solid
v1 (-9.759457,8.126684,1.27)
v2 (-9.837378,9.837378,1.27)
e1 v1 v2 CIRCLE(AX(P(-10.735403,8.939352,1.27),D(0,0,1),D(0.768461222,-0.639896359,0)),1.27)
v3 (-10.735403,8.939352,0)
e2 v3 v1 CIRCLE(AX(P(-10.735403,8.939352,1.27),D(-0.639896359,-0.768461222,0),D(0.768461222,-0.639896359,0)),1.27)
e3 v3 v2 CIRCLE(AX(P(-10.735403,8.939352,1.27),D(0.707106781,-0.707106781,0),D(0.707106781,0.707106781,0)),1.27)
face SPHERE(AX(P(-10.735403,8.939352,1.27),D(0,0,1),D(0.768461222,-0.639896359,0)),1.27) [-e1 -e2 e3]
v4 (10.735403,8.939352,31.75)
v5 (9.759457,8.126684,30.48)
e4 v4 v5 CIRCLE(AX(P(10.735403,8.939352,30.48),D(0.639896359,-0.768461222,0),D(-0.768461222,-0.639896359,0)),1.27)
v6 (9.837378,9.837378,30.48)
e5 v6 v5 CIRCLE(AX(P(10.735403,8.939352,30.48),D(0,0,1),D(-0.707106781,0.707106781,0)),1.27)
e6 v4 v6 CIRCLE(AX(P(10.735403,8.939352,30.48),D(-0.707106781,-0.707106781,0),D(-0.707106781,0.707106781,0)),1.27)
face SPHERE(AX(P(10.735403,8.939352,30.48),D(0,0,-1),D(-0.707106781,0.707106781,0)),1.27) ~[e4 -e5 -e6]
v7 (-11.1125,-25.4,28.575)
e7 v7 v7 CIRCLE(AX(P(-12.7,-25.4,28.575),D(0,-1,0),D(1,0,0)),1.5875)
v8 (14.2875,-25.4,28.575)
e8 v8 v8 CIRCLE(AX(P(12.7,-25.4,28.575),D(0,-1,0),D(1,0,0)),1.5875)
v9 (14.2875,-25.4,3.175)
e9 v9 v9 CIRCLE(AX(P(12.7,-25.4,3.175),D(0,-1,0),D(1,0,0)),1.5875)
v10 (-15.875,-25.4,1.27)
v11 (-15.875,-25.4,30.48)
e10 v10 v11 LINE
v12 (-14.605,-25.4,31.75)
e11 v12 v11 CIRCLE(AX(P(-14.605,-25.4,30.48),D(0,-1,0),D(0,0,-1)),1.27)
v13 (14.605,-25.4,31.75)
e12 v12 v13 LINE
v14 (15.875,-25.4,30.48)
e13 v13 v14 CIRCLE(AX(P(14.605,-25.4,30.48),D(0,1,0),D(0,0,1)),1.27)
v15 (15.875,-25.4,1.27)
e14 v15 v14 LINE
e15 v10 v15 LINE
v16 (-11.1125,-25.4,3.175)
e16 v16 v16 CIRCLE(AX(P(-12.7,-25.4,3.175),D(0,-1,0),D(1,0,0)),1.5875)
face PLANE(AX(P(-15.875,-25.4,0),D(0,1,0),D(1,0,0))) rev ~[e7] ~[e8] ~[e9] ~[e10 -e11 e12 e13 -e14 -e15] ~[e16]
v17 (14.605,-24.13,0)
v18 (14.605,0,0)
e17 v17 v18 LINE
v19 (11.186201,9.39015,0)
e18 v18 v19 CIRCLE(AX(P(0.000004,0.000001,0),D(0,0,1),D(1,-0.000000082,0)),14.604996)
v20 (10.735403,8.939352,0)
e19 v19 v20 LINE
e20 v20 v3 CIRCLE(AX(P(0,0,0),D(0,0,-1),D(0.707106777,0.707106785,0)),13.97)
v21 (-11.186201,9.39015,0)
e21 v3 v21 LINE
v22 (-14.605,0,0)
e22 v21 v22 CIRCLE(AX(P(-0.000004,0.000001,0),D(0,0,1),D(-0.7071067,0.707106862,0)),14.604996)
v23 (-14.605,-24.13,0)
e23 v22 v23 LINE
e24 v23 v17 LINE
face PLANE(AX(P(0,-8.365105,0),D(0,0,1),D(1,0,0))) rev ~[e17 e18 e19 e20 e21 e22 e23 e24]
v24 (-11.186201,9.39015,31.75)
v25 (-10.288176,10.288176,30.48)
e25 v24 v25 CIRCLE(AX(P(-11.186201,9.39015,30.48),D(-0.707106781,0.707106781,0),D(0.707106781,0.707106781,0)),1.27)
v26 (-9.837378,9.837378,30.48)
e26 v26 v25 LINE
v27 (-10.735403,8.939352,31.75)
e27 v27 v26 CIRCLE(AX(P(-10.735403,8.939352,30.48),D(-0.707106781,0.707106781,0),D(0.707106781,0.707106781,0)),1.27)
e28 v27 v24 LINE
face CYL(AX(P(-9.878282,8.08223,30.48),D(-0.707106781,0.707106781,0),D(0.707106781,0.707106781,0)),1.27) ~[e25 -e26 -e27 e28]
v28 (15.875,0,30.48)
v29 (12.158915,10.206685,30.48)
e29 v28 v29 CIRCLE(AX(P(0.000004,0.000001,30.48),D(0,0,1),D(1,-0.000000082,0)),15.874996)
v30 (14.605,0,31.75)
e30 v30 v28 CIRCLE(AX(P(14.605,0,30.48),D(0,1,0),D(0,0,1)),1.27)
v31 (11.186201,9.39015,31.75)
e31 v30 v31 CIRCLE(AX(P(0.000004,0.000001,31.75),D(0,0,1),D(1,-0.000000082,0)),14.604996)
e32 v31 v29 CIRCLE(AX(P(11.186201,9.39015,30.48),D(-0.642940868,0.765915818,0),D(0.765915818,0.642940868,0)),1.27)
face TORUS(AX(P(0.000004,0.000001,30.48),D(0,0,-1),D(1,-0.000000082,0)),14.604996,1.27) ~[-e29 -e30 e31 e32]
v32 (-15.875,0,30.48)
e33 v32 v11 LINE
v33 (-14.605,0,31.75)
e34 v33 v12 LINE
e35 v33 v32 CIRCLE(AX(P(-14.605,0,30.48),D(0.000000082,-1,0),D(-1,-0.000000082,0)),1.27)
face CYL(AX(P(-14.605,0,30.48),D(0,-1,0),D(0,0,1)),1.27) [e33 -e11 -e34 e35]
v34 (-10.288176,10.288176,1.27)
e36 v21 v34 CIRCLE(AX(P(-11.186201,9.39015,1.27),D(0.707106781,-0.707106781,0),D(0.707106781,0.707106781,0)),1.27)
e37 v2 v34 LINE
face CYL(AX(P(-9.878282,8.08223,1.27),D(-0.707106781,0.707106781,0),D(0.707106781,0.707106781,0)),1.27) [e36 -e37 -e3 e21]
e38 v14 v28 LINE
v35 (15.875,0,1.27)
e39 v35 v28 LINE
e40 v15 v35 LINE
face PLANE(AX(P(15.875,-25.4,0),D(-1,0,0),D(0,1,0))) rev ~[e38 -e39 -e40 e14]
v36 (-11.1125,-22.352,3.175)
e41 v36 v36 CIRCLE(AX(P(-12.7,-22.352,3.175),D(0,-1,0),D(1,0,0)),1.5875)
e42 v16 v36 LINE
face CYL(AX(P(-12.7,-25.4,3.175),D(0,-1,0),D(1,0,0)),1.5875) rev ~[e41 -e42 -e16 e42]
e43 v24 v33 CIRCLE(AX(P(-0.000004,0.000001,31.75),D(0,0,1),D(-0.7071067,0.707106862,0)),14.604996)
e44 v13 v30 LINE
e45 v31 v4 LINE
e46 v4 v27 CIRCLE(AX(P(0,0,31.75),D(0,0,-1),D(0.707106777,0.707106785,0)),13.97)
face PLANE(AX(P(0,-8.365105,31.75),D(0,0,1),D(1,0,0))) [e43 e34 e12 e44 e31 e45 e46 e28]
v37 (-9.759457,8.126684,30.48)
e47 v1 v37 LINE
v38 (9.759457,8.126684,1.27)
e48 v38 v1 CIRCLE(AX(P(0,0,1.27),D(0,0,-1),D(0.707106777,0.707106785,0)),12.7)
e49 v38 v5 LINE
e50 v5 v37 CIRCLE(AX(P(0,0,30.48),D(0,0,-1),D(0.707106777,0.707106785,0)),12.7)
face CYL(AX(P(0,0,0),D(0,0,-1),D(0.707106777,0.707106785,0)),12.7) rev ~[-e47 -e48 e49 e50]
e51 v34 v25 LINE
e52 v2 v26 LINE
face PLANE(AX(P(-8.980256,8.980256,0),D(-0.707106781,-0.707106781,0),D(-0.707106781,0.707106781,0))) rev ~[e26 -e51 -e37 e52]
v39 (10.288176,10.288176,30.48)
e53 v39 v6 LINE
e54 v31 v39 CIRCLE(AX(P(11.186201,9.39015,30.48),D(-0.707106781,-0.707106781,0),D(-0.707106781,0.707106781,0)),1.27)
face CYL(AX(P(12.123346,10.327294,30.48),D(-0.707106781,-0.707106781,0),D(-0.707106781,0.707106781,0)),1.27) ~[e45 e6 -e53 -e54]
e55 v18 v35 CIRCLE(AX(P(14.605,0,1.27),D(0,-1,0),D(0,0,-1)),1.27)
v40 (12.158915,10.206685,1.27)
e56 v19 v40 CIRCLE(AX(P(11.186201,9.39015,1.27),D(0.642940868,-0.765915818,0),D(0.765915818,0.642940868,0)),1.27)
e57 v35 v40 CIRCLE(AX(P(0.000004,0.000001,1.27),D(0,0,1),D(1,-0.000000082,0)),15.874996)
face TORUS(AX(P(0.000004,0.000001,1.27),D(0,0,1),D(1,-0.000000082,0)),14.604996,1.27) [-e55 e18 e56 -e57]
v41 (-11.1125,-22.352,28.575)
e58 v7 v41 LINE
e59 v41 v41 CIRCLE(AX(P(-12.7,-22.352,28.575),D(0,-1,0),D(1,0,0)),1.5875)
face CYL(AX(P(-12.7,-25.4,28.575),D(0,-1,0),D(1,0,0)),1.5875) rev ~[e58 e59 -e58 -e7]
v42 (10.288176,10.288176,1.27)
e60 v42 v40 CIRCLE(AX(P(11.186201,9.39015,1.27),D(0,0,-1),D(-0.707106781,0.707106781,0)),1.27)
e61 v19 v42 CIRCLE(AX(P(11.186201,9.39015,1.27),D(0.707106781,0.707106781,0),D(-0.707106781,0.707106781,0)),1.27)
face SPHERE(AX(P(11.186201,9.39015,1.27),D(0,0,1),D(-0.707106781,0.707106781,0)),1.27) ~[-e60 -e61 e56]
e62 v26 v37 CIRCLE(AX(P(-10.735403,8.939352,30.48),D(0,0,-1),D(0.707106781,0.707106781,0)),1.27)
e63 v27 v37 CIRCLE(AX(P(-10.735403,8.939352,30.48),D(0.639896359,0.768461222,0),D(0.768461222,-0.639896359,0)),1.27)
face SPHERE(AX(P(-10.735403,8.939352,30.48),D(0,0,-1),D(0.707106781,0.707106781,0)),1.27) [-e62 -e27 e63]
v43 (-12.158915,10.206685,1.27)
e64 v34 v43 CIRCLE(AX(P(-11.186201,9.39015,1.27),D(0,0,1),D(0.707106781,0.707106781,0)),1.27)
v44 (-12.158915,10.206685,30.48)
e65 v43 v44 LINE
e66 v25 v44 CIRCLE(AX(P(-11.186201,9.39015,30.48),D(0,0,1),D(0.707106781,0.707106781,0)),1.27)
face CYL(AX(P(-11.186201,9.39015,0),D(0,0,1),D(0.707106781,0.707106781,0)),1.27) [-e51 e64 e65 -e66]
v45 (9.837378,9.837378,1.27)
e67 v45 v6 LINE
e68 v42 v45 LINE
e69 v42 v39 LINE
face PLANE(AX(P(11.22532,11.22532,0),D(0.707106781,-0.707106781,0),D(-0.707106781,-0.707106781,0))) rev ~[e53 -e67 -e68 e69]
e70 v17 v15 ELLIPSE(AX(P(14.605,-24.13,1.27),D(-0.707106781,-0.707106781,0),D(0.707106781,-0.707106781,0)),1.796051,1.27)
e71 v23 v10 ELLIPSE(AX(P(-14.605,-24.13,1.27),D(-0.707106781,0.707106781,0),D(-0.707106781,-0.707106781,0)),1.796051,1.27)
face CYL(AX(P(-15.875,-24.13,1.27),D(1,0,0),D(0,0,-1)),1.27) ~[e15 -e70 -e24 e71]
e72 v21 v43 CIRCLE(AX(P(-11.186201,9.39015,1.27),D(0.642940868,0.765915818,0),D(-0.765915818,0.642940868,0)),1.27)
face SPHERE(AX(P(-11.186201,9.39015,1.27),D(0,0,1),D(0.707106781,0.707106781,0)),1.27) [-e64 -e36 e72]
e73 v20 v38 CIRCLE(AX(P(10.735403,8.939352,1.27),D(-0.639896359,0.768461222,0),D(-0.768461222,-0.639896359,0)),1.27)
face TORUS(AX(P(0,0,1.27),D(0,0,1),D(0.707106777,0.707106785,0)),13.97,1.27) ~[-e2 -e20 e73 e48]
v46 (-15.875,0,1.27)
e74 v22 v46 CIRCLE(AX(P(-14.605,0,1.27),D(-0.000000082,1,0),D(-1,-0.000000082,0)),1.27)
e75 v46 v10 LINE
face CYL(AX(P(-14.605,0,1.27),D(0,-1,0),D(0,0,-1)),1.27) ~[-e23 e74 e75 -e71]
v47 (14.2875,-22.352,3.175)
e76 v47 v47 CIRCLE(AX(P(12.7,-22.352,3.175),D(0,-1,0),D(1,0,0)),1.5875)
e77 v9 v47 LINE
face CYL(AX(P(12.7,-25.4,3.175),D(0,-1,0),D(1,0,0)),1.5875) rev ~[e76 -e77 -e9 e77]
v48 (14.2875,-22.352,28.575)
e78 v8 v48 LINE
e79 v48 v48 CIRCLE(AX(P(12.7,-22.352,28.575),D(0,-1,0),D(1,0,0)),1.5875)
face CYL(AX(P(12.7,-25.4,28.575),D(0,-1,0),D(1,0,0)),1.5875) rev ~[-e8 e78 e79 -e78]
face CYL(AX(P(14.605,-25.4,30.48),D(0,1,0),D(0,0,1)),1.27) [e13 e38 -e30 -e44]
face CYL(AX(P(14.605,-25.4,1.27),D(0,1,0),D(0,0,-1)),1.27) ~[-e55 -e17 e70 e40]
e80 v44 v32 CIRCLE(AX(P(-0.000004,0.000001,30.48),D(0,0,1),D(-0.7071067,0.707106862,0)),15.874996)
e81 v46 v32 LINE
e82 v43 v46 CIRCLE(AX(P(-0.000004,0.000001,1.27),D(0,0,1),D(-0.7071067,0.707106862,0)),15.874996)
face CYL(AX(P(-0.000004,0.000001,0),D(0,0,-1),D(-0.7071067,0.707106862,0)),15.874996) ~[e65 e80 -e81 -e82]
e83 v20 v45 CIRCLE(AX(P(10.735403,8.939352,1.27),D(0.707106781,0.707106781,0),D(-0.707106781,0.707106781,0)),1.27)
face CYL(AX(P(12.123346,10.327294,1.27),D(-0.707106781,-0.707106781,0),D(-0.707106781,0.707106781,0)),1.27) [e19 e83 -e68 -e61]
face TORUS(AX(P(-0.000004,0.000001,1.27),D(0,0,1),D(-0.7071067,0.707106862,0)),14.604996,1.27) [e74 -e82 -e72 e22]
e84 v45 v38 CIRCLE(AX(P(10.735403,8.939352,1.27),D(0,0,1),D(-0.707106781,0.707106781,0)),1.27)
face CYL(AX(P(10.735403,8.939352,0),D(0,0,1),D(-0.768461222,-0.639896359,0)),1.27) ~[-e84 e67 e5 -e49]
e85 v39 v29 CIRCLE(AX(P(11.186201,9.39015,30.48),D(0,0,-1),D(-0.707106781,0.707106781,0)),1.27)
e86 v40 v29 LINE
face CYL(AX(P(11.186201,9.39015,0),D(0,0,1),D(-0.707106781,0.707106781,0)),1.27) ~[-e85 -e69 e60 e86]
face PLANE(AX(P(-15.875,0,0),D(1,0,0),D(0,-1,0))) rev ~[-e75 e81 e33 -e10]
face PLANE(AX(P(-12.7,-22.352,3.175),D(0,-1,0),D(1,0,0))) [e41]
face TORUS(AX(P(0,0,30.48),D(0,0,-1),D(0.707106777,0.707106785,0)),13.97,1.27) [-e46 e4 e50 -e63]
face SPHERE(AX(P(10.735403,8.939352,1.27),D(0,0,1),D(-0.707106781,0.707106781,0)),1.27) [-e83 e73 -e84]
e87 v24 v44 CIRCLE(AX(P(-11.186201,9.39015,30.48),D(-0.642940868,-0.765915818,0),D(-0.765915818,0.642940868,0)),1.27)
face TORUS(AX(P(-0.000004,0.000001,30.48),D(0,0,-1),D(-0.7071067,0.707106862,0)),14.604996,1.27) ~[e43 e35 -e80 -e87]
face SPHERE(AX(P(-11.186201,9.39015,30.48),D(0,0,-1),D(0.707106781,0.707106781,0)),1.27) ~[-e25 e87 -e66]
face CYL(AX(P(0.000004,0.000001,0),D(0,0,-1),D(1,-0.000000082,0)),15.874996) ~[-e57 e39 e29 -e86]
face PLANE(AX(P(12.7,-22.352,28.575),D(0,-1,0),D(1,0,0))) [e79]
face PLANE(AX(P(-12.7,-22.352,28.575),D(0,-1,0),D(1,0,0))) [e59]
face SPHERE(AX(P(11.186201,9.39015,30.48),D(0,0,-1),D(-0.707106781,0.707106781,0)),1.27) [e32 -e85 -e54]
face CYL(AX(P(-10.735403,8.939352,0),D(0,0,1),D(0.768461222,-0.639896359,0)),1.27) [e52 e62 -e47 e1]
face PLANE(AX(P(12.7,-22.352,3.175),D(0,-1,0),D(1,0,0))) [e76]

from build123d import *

# Parameters (mm, degrees)
F1_DEPTH = 31.75
F2_R     = 1.5875
F3_DEPTH = 3.048
F4_R     = 1.27


with BuildPart() as f1:
    # F0 (on Top) → F1 (new body)
    with BuildSketch(Plane.XY):
        with BuildLine():
            ThreePointArc((8.980256, 8.980256), (0, -12.7), (-8.980256, 8.980256))
            Line((-8.980256, 8.980256), (-11.22532, 11.22532))
            ThreePointArc((-11.22532, 11.22532), (-14.666588, 6.075099), (-15.875, 0))
            Line((-15.875, 0), (-15.875, -25.4))
            Line((-15.875, -25.4), (15.875, -25.4))
            Line((15.875, -25.4), (15.875, 0))
            ThreePointArc((15.875, 0), (14.666588, 6.075099), (11.22532, 11.22532))
            Line((11.22532, 11.22532), (8.980256, 8.980256))
        make_face()
    extrude(amount=F1_DEPTH)

    # F2 (on face) → F3 (cut)
    with BuildSketch(Plane.XZ.offset(25.4)):
        with Locations((-12.7, 28.575)):
            Circle(F2_R)
        with Locations((12.7, 28.575)):
            Circle(F2_R)
        with Locations((12.7, 3.175)):
            Circle(F2_R)
        with Locations((-12.7, 3.175)):
            Circle(F2_R)
    extrude(amount=-F3_DEPTH, mode=Mode.SUBTRACT)

    # F4
    f4_edges = [f1.edges().sort_by_distance(p)[0] for p in [
        (-15.875, -12.7, 31.75),
        (0, -12.7, 31.75),
        (15.875, -12.7, 31.75),
        (10.102788, 10.102788, 0),
        (0, -12.7, 0),
        (-10.102788, 10.102788, 0),
        (-14.666588, 6.075099, 0),
        (-15.875, -12.7, 0),
        (0, -25.4, 0),
        (15.875, -12.7, 0),
        (14.666588, 6.075099, 0),
        (-8.980256, 8.980256, 15.875),
        (-11.22532, 11.22532, 15.875),
        (-10.102788, 10.102788, 31.75),
        (11.22532, 11.22532, 15.875),
        (8.980256, 8.980256, 15.875),
        (10.102788, 10.102788, 31.75),
    ]]
    fillet(f4_edges, radius=F4_R)


solid = f1.part
